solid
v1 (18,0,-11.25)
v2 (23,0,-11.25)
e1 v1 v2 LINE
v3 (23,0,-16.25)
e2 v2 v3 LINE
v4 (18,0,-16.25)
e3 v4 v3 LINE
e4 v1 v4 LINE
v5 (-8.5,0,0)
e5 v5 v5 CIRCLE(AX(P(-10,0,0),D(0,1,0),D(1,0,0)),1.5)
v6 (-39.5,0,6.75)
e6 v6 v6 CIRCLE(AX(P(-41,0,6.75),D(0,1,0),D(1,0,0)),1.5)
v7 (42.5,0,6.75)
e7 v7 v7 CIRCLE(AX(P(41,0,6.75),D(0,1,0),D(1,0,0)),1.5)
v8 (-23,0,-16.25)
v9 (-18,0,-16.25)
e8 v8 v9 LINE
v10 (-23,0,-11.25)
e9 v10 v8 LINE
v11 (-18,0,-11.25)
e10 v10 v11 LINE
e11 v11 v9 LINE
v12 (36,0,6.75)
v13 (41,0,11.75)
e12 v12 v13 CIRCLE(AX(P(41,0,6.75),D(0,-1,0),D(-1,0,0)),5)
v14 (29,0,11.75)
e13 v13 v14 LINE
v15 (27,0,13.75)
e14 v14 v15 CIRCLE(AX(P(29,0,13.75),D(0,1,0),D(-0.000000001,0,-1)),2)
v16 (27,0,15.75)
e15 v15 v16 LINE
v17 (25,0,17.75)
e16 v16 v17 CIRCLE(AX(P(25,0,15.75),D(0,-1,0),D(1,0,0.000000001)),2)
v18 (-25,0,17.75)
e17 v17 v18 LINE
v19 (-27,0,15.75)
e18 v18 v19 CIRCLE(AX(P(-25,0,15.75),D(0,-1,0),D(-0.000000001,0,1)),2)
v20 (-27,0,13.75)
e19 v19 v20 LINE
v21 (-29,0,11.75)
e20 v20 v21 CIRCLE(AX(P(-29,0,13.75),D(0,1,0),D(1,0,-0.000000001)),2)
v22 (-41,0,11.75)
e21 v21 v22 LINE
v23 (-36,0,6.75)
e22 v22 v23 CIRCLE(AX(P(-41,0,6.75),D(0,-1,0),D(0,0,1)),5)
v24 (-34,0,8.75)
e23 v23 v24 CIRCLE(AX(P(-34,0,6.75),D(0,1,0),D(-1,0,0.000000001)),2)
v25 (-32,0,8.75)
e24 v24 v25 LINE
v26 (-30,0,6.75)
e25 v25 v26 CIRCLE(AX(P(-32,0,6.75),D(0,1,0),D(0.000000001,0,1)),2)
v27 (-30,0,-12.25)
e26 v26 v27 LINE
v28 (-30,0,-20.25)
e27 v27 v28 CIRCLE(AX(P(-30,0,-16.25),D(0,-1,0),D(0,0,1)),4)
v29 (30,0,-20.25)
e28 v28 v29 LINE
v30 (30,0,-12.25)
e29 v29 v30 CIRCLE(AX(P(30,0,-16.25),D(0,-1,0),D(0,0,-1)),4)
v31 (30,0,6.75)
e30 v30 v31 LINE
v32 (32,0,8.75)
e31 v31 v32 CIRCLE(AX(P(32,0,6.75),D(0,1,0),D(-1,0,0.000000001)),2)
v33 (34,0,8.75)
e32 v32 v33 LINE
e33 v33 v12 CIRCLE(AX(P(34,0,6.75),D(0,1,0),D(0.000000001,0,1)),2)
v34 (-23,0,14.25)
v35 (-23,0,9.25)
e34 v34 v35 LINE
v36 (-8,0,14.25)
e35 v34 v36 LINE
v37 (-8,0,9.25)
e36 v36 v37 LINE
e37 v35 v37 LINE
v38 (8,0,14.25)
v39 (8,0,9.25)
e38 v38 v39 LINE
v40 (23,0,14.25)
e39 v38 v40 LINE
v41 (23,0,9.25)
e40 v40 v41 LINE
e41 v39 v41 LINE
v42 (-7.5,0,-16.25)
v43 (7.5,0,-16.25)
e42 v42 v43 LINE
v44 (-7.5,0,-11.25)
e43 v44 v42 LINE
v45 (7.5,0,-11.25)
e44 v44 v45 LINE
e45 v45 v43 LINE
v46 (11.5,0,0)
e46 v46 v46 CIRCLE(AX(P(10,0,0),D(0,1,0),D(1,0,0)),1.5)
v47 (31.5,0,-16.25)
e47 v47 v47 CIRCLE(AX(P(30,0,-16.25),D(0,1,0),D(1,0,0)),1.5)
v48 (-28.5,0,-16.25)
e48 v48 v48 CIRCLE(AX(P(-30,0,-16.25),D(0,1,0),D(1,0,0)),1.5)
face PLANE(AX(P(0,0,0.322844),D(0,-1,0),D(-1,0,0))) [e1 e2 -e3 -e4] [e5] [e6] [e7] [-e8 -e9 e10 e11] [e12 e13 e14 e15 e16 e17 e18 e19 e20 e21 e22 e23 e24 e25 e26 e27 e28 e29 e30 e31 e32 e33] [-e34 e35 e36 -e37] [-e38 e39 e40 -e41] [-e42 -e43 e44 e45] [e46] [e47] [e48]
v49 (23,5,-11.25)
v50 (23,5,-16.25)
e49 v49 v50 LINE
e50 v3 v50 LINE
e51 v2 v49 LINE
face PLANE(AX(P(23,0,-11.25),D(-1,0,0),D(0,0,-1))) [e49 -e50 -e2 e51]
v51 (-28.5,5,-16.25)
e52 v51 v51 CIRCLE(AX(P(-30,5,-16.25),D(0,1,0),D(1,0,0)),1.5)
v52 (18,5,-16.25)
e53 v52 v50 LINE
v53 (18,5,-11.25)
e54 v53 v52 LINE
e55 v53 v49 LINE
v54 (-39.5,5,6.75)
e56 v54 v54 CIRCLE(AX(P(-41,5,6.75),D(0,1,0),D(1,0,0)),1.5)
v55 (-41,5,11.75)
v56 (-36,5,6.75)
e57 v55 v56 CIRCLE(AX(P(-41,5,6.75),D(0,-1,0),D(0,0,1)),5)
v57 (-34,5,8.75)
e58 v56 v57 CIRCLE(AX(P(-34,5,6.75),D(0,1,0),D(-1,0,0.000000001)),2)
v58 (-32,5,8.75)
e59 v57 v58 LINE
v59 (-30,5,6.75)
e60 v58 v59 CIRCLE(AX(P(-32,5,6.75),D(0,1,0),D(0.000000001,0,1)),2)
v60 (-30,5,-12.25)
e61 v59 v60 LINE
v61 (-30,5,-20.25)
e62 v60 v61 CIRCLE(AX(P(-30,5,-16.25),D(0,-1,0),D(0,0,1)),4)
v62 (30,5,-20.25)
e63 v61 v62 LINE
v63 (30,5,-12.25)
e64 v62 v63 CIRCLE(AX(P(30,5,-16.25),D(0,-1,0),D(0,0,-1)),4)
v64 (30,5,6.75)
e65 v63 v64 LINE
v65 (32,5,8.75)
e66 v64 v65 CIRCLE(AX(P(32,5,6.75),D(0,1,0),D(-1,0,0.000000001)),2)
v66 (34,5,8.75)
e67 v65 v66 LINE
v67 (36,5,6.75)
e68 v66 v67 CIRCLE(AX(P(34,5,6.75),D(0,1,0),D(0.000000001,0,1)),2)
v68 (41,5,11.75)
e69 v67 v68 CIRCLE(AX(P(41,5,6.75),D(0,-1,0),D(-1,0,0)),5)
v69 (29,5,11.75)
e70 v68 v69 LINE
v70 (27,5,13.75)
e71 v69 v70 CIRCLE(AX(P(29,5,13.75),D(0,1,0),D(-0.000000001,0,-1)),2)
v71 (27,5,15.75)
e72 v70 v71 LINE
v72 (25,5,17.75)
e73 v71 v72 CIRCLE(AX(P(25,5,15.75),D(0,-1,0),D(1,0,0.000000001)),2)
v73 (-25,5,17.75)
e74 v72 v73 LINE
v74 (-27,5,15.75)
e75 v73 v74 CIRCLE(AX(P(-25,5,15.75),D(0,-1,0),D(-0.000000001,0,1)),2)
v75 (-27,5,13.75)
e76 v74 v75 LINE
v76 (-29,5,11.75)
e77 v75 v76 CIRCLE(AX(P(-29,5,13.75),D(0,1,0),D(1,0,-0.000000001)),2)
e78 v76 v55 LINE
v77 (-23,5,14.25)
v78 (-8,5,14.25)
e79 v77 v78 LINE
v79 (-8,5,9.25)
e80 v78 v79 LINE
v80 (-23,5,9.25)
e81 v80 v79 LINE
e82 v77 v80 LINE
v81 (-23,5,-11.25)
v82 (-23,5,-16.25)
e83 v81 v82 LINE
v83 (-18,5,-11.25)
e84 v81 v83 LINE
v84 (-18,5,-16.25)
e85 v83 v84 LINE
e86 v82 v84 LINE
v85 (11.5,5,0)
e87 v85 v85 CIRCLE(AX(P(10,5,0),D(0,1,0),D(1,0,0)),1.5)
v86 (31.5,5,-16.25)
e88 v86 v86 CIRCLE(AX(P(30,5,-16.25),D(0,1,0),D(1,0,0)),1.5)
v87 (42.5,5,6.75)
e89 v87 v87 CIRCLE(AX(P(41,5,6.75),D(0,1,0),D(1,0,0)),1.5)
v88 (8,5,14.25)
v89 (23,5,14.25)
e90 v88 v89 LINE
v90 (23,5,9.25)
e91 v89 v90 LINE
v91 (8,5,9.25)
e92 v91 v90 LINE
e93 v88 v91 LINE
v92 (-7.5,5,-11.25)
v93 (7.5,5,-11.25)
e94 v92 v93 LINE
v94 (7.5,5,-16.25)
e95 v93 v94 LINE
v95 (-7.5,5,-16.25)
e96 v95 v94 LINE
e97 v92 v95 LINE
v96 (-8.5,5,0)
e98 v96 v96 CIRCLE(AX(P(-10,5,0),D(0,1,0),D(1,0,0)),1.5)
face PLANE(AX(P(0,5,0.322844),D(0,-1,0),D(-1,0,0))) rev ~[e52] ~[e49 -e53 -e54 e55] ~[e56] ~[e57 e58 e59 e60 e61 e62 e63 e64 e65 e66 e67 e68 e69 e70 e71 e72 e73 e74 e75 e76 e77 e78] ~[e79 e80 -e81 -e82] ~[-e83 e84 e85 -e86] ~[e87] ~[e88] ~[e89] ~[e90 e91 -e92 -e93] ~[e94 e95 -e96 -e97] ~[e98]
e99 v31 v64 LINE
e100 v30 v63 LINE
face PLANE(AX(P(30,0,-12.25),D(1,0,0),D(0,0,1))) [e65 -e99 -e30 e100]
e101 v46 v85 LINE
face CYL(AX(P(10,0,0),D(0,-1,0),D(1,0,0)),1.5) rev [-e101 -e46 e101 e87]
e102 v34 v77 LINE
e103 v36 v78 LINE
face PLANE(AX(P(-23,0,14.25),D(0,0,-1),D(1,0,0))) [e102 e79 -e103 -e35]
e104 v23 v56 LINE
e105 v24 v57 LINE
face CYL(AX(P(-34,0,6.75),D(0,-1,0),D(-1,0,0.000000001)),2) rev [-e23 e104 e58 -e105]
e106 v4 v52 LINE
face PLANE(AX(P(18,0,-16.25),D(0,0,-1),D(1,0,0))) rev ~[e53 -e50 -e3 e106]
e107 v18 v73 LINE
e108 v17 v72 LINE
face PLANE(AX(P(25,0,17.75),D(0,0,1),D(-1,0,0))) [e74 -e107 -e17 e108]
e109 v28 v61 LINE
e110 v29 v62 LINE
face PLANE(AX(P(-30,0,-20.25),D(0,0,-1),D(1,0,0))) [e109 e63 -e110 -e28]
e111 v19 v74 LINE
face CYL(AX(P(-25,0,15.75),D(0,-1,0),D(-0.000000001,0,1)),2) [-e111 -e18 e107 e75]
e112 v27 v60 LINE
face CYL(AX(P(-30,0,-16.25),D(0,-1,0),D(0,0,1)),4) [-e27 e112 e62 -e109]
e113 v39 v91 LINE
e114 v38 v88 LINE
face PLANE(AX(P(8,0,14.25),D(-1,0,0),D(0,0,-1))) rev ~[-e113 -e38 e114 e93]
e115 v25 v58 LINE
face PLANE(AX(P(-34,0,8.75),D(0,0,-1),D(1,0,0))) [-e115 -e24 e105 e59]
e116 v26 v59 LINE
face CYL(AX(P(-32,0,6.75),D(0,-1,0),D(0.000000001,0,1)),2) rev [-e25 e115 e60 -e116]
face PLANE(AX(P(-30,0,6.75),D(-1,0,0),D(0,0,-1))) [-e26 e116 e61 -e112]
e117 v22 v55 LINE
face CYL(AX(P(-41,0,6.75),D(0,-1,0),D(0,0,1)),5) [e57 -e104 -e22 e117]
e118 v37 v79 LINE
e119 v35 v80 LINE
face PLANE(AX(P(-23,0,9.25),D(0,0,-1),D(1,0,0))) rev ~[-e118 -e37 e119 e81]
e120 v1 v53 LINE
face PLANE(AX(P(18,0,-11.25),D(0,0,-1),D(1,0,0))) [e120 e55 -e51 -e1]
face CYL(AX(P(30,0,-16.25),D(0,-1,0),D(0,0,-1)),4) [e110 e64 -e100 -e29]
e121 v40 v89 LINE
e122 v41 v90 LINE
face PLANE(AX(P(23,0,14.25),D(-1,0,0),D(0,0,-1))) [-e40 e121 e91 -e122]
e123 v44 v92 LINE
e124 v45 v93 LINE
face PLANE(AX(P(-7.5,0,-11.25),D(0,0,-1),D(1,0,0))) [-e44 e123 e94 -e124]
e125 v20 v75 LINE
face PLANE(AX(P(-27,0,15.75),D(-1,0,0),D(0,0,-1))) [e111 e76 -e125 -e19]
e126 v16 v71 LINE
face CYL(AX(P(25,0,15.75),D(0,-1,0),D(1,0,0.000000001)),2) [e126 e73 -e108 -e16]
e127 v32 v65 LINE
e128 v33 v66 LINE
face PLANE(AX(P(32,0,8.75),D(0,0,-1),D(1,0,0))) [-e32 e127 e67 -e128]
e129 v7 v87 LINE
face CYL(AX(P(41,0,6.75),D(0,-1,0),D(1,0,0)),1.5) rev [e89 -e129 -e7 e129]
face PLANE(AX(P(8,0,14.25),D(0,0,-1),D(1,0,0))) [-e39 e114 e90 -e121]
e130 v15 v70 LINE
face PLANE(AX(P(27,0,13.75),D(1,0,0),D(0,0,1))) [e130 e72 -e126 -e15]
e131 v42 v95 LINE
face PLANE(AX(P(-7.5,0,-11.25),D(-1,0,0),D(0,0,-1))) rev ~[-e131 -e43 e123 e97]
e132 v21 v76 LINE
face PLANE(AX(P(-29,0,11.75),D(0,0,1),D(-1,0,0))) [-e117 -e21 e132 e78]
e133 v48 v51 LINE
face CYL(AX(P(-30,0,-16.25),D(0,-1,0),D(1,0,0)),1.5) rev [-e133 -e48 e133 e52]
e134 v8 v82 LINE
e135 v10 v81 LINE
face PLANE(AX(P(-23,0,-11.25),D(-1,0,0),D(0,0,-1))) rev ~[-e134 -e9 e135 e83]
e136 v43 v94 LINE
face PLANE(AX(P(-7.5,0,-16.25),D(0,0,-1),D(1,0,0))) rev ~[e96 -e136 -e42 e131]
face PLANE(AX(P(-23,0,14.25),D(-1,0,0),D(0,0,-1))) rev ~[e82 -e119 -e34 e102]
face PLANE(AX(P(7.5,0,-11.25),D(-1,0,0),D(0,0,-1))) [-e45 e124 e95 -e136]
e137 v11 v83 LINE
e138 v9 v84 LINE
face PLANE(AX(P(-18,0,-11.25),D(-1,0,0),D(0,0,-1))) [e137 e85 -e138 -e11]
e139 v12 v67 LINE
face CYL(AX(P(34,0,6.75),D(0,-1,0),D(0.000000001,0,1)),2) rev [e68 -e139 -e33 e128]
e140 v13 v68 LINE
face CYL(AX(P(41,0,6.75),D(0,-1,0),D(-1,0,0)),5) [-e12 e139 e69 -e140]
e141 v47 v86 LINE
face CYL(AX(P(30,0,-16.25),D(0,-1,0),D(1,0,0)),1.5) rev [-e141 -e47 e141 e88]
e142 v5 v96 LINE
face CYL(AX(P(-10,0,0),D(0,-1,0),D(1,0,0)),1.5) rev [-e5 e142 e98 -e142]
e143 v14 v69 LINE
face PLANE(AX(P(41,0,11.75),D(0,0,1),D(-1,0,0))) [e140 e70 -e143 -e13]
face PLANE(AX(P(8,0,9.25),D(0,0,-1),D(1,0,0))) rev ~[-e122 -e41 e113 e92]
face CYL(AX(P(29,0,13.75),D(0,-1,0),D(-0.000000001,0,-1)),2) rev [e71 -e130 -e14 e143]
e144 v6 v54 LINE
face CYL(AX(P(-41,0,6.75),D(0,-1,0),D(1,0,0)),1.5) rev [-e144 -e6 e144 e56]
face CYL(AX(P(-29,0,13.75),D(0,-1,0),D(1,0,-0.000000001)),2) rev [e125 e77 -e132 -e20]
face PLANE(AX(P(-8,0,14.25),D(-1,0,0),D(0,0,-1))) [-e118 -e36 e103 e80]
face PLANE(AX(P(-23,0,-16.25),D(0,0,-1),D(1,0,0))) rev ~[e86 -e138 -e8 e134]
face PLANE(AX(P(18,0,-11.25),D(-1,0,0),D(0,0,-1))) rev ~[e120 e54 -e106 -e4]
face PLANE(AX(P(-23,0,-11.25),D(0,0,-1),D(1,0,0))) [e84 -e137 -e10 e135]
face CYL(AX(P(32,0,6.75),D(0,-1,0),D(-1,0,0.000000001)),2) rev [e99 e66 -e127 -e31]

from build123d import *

# Parameters (mm, degrees)
SKETCH1_R           = 1.5
SKETCH1_W           = 5
SKETCH1_H           = 5
SKETCH1_W_2         = 15
BOSS_EXTRUDE1_DEPTH = 5


with BuildPart() as part:
    # Sketch1 → Boss-Extrude1 (new body)
    with BuildSketch(Plane(origin=(0, 0, 0), x_dir=(1, 0, 0), z_dir=(0, 1, 0))):
        with BuildLine():
            Line((-29, -11.75), (-30, -11.75))
            Line((-30, -11.75), (-41, -11.75))
            ThreePointArc((-41, -11.75), (-44.535533906, -3.214466094), (-36, -6.75))
            ThreePointArc((-36, -6.75), (-35.414213562, -8.164213562), (-34, -8.75))
            Line((-34, -8.75), (-32, -8.75))
            ThreePointArc((-32, -8.75), (-30.585786438, -8.164213562), (-30, -6.75))
            Line((-30, -6.75), (-30, 12.25))
            ThreePointArc((-30, 12.25), (-34, 16.25), (-30, 20.25))
            Line((-30, 20.25), (30, 20.25))
            ThreePointArc((30, 20.25), (34, 16.25), (30, 12.25))
            Line((30, 12.25), (30, -6.75))
            ThreePointArc((30, -6.75), (30.585786438, -8.164213562), (32, -8.75))
            Line((32, -8.75), (34, -8.75))
            ThreePointArc((34, -8.75), (35.414213562, -8.164213562), (36, -6.75))
            ThreePointArc((36, -6.75), (44.535533906, -3.214466094), (41, -11.75))
            Line((41, -11.75), (30, -11.75))
            Line((30, -11.75), (29, -11.75))
            ThreePointArc((29, -11.75), (27.585786438, -12.335786438), (27, -13.75))
            Line((27, -13.75), (27, -15.75))
            ThreePointArc((27, -15.75), (26.414213562, -17.164213562), (25, -17.75))
            Line((25, -17.75), (-25, -17.75))
            ThreePointArc((-25, -17.75), (-26.414213562, -17.164213562), (-27, -15.75))
            Line((-27, -15.75), (-27, -13.75))
            ThreePointArc((-27, -13.75), (-27.585786438, -12.335786438), (-29, -11.75))
        make_face()
        with Locations((-10, 0)):
            Circle(SKETCH1_R, mode=Mode.SUBTRACT)
        with Locations((10, 0)):
            Circle(SKETCH1_R, mode=Mode.SUBTRACT)
        with Locations((-30, 16.25)):
            Circle(SKETCH1_R, mode=Mode.SUBTRACT)
        with Locations((30, 16.25)):
            Circle(SKETCH1_R, mode=Mode.SUBTRACT)
        with Locations((41, -6.75)):
            Circle(SKETCH1_R, mode=Mode.SUBTRACT)
        with Locations((-41, -6.75)):
            Circle(SKETCH1_R, mode=Mode.SUBTRACT)
        with Locations((-20.5, 13.75)):
            Rectangle(SKETCH1_W, SKETCH1_H, mode=Mode.SUBTRACT)
        with Locations((0, 13.75)):
            Rectangle(SKETCH1_W_2, SKETCH1_H, mode=Mode.SUBTRACT)
        with Locations((20.5, 13.75)):
            Rectangle(SKETCH1_W, SKETCH1_H, mode=Mode.SUBTRACT)
        with Locations((-15.5, -11.75)):
            Rectangle(SKETCH1_W_2, SKETCH1_H, mode=Mode.SUBTRACT)
        with Locations((15.5, -11.75)):
            Rectangle(SKETCH1_W_2, SKETCH1_H, mode=Mode.SUBTRACT)
    extrude(amount=BOSS_EXTRUDE1_DEPTH)


solid = part.part
